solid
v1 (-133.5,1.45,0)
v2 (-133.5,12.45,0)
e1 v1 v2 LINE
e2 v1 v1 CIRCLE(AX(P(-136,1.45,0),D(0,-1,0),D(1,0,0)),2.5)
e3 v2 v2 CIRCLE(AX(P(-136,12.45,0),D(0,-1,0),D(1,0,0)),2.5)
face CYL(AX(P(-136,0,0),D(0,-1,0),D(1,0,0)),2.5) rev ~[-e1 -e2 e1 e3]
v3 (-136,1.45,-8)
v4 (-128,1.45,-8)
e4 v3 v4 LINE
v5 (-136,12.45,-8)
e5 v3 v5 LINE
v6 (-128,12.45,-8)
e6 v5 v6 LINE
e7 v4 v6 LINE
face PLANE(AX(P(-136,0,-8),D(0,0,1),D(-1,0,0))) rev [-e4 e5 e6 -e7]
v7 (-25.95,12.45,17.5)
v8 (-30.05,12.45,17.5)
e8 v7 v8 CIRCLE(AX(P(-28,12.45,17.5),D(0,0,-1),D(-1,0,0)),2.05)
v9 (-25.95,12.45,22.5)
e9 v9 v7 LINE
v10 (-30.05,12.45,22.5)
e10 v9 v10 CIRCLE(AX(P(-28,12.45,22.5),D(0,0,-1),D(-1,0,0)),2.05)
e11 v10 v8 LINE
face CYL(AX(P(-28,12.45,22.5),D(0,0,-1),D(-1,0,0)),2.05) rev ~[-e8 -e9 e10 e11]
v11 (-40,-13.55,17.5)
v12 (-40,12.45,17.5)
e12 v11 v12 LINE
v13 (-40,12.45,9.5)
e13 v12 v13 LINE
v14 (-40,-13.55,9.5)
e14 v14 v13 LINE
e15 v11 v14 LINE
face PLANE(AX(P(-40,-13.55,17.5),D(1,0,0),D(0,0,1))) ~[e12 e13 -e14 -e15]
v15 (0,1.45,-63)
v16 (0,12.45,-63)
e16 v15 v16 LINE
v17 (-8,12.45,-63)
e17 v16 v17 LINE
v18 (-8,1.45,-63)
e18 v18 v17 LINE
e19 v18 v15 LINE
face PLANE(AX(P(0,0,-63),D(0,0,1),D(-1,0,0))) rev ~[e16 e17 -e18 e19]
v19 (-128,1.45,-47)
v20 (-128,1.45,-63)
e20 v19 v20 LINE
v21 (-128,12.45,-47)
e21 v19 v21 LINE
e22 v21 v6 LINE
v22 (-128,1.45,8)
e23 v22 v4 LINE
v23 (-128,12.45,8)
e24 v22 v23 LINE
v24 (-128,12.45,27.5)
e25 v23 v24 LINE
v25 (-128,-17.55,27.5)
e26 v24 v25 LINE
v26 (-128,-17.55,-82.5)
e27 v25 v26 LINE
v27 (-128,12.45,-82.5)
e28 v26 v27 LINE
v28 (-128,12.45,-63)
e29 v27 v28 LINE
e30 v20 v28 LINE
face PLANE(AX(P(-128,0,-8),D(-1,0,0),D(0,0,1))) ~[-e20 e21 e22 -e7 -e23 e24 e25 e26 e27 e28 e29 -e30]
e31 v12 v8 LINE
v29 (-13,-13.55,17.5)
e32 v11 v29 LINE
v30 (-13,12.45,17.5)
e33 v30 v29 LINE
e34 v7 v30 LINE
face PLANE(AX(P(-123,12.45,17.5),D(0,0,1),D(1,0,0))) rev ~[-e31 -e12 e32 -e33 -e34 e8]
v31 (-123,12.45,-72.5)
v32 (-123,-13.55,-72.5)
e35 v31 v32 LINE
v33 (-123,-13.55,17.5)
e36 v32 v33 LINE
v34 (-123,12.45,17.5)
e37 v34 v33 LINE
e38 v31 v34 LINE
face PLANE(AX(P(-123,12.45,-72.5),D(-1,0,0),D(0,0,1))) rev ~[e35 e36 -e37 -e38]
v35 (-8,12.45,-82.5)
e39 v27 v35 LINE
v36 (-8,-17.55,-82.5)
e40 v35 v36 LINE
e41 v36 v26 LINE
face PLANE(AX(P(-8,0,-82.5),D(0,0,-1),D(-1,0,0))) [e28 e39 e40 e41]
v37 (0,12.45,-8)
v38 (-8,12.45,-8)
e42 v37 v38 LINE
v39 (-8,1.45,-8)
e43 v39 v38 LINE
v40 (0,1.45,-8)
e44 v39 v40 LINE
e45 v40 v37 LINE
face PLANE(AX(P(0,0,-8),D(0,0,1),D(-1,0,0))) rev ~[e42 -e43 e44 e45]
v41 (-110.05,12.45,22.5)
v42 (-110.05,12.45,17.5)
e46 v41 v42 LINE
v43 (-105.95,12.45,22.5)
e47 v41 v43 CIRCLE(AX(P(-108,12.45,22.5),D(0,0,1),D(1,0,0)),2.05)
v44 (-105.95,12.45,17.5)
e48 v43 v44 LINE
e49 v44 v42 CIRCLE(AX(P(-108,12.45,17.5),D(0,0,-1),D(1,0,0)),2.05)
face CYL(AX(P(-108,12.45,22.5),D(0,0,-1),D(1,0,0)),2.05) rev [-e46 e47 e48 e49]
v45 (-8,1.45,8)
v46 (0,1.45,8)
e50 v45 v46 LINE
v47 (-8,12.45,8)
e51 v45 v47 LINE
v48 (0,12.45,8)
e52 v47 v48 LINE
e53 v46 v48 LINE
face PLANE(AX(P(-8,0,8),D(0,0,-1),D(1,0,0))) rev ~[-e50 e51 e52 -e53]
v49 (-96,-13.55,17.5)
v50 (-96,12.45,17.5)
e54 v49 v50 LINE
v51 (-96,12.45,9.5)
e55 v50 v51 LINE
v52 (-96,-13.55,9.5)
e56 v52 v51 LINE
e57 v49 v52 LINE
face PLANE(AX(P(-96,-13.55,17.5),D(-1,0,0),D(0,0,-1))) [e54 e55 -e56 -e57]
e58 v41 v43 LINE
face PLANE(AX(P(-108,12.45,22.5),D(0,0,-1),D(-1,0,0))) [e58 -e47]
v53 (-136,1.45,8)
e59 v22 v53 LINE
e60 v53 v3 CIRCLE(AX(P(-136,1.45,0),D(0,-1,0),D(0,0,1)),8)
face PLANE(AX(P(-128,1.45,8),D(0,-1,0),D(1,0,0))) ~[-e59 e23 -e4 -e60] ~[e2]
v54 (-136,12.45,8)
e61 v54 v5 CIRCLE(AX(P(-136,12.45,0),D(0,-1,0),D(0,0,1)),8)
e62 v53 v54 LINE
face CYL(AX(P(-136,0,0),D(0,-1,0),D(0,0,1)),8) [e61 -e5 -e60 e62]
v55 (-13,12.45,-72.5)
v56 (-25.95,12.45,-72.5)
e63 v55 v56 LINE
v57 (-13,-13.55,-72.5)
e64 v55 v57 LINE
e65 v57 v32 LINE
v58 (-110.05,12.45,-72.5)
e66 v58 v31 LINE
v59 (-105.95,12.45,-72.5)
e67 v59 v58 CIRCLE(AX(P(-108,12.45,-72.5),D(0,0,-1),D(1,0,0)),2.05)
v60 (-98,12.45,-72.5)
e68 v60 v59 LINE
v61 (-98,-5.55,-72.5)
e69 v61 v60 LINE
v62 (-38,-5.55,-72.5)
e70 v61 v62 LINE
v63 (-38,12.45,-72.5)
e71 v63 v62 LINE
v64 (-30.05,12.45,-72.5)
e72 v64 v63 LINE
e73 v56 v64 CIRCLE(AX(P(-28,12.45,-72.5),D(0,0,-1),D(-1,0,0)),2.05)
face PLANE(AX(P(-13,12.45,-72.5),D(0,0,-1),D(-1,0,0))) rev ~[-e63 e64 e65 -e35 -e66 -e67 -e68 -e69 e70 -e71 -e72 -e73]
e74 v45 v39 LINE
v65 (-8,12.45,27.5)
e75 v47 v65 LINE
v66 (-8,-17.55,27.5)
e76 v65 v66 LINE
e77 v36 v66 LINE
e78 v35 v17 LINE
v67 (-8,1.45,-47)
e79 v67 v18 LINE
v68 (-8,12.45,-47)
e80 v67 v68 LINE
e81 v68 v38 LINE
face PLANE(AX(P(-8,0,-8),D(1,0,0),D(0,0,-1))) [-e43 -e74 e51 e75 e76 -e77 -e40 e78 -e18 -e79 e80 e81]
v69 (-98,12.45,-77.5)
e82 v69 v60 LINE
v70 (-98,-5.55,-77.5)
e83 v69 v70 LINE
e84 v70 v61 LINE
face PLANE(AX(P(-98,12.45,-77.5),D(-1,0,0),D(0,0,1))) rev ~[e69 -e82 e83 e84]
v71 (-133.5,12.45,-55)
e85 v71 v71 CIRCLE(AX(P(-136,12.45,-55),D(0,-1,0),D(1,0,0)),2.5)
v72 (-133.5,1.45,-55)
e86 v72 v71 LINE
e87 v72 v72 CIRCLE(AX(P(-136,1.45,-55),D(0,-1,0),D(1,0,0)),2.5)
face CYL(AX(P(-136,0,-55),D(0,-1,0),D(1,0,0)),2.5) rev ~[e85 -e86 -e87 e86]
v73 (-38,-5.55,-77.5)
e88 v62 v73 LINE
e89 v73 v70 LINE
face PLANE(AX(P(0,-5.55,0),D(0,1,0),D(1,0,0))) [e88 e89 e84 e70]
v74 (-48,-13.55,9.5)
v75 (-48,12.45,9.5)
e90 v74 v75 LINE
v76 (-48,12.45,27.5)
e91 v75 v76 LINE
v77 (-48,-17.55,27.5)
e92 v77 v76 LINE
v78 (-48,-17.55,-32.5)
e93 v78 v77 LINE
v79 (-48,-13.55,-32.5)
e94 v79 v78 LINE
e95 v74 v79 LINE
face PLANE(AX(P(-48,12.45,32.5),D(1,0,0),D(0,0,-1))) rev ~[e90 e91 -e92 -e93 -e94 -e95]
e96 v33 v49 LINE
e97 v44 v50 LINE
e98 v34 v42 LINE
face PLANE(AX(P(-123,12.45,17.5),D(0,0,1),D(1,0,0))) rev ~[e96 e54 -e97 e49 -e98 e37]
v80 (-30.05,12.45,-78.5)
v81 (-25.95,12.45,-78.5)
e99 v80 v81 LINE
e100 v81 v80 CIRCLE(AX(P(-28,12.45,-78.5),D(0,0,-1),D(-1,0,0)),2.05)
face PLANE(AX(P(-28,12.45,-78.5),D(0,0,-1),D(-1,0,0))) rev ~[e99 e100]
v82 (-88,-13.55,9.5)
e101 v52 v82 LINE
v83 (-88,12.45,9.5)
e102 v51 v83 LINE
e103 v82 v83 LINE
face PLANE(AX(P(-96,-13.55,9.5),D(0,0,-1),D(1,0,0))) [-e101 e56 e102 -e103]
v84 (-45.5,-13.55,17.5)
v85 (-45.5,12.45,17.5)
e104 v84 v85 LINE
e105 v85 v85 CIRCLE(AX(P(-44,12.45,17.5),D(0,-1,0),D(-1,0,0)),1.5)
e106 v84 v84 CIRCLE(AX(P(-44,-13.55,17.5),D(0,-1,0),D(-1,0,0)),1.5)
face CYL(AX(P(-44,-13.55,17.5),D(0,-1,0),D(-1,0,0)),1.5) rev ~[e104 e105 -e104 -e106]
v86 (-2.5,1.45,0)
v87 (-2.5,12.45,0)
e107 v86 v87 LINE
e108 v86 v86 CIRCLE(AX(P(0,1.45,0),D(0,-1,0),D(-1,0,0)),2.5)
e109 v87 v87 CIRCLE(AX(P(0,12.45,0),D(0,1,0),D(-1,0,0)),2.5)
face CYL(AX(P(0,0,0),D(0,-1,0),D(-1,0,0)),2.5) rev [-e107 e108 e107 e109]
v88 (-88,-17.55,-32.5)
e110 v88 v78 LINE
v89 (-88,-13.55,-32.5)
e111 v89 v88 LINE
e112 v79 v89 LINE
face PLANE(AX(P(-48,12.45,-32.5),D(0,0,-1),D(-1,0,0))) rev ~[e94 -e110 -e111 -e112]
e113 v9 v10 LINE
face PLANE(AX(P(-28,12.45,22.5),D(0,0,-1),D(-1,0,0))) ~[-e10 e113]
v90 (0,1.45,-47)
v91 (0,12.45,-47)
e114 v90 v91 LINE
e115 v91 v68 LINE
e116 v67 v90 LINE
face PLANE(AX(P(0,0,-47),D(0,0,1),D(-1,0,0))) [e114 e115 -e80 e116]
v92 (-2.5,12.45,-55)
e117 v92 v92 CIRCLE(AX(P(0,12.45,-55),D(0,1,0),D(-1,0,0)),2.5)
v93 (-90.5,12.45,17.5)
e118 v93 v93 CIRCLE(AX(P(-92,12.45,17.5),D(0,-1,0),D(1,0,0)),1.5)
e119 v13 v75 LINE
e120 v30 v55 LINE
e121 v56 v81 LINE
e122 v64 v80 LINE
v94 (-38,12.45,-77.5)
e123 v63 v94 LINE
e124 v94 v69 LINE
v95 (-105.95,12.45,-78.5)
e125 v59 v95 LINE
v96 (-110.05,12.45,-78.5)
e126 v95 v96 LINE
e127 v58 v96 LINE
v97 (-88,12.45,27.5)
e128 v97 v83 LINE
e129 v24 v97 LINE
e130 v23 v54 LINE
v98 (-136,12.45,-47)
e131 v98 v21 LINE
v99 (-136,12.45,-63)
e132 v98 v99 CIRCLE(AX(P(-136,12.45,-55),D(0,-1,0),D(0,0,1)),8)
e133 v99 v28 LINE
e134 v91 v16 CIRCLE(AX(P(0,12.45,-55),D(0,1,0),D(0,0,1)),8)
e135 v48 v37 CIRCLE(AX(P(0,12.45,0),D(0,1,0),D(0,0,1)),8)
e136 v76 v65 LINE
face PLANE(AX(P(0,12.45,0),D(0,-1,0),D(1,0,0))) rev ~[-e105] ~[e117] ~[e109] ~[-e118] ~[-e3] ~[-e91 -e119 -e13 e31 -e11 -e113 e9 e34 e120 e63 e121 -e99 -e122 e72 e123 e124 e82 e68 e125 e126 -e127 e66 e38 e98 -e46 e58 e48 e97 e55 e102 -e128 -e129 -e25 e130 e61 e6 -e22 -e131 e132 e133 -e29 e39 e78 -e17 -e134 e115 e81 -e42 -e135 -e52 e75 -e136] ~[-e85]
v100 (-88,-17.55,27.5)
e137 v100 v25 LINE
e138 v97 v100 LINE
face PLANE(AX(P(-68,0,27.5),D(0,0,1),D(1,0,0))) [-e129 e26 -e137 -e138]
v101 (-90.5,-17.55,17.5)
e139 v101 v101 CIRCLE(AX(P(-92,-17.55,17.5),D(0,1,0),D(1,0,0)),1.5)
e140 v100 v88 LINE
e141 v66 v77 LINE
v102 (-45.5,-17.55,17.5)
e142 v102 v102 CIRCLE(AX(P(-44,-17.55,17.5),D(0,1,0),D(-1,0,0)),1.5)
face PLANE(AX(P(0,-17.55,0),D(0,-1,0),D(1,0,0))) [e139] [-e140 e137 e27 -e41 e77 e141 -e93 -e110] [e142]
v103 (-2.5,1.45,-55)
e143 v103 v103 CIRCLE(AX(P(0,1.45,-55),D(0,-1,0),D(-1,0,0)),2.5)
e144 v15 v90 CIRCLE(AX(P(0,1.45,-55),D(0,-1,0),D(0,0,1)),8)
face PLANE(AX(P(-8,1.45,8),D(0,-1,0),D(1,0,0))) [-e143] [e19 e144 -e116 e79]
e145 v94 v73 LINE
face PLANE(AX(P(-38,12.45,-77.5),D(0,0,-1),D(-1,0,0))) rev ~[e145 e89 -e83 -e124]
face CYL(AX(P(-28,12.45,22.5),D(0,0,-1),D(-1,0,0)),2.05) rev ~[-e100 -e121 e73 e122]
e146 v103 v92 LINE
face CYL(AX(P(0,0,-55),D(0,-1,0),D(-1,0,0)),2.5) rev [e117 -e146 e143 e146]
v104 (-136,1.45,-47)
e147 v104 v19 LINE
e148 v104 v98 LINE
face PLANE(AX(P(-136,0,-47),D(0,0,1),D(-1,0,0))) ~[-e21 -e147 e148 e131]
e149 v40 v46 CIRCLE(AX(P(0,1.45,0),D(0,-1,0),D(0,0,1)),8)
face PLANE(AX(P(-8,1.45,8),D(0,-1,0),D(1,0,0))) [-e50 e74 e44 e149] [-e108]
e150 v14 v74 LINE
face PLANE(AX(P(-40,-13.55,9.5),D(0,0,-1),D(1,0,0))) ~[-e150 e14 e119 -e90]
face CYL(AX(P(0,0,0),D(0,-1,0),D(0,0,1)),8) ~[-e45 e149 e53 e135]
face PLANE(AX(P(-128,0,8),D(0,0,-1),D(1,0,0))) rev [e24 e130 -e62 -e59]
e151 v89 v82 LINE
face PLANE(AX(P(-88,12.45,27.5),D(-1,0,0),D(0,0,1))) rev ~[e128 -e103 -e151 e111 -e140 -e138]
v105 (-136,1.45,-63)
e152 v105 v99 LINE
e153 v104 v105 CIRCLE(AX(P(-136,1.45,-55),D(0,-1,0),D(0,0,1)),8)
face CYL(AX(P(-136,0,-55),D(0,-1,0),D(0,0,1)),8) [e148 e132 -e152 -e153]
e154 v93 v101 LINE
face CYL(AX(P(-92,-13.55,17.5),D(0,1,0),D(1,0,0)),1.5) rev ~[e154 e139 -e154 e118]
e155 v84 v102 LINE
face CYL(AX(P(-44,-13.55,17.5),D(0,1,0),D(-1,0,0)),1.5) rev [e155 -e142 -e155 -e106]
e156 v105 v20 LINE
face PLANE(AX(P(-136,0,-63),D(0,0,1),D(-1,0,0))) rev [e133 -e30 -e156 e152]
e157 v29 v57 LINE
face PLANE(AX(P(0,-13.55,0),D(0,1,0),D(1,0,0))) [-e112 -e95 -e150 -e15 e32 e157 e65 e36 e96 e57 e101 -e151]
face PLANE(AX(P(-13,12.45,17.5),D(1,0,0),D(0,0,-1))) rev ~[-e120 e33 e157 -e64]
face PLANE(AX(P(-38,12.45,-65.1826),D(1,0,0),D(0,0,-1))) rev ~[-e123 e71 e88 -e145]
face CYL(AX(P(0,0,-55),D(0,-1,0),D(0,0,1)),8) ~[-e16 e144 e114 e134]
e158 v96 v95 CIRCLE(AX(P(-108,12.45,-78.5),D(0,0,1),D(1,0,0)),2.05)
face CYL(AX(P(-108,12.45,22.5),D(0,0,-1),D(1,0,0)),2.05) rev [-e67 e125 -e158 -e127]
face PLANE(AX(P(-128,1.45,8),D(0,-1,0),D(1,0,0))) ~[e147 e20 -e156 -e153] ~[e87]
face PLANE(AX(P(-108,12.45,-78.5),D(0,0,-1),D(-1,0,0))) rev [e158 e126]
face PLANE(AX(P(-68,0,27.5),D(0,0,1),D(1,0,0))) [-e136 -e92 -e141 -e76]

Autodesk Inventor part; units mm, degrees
ref_plane "YZ Plane" through (0, 0, 0) normal (1, 0, 0) x (0, 1, 0)
ref_plane "XZ Plane" through (0, 0, 0) normal (0, 1, 0) x (-1, 0, 0)
ref_plane "XY Plane" through (0, 0, 0) normal (0, 0, 1) x (1, 0, 0)
sketch "Sketch1" plane through (0, 0, 0) normal (0, 1, 0) x (-1, 0, 0)
  circle A0 centre (0, 0) radius 2.5
  circle A1 centre (0, -55) radius 2.5
  arc A2 (0, 8) -> (0, -8) centre (0, 0) ccw
  arc A3 (0, -47) -> (0, -63) centre (0, -55) ccw
  line L0 (0, -63) -> (8, -63)
  line L1 (8, -63) -> (8, -47)
  line L2 (0, -47) -> (8, -47)
  line L3 (0, -8) -> (8, -8)
  line L4 (8, -8) -> (8, 8)
  line L5 (8, 8) -> (0, 8)
  line L6 (0, 2.5) -> (0, -2.5)
  line L7 (0, 0) -> (0, -2.5) construction
  line L8 (0, -8) -> (0, -49.9553) construction
  dimension "d0" = 5
  dimension "d1" = 5
  dimension "d2" = 55
  dimension "d3" = 16
  dimension "d4" = 16
extrude "Extrusion1" add sketch "Sketch1" along normal blind 12.45
sketch "Sketch3" plane through (0, 0, 0) normal (0, -1, 0) x (1, 0, 0)
  circle A0 centre (0, -55) radius 2.5 construction
  arc A1 (0, -63) -> (0, -47) centre (0, -55) ccw construction
  line L0 (0, -47) -> (-8, -47) construction
  line L1 (-8, -47) -> (-8, -63) construction
  line L2 (-8, -63) -> (0, -63) construction
  circle A2 centre (0, 0) radius 2.5 construction
  arc A3 (0, -8) -> (0, 8) centre (0, 0) ccw construction
  line L3 (0, 8) -> (-8, 8) construction
  line L4 (-8, 8) -> (-8, -8) construction
  line L5 (-8, -8) -> (0, -8) construction
  line L6 (-8, -82.5) -> (-68, -82.5)
  line L7 (-68, -82.5) -> (-68, 27.5)
  line L8 (-68, 27.5) -> (-8, 27.5)
  line L9 (-8, 27.5) -> (-8, -82.5)
  line L10 (-68, -27.5) -> (7.195, -27.5) construction
  circle A4 centre (0, 0) radius 2.5 construction
  circle A5 centre (0, -55) radius 2.5 construction
  line L11 (-8, -8) -> (-8, 8) projected
  dimension "d15" = 27.5
  dimension "d16" = 110
  dimension "d22" = 60
extrude "Extrusion3" add sketch "Sketch3" along normal blind 17.55 and the other way blind 12.45
sketch "Sketch4" plane through (0, 12.45, 0) normal (0, 1, 0) x (1, 0, 0)
  line L0 (-8, 8) -> (-8, 47) construction
  line L1 (-8, 82.5) -> (-68, 82.5) construction
  line L2 (-68, 82.5) -> (-68, -27.5) construction
  line L3 (-68, -27.5) -> (-8, -27.5) construction
  line L4 (-28, -37.155) -> (-28, 112.7267) construction
  line L5 (-28, -22.5) -> (-30.05, -22.5)
  line L6 (-30.05, -22.5) -> (-30.05, 78.5)
  line L7 (-30.05, 78.5) -> (-28, 78.5)
  line L8 (-28, 78.5) -> (-28, -22.5)
  arc A0 (0, -8) -> (0, 8) centre (0, 0) ccw projected
  line L9 (0, 8) -> (-8, 8) projected
  line L10 (-8, 47) -> (0, 47) projected
  arc A1 (0, 47) -> (0, 63) centre (0, 55) ccw projected
  line L11 (0, 63) -> (-8, 63) projected
  line L12 (-8, 63) -> (-8, 82.5) projected
  line L13 (-8, -27.5) -> (-8, -8) projected
  line L14 (-8, -8) -> (0, -8) projected
  dimension "d17" = 20
  dimension "d18" = 2.05
  dimension "d19" = 101
  dimension "d20" = 5
revolve "guide_rail_mount" cut sketch "Sketch4" angle 360 about axis through (-28, 12.45, 37.155) along (0, 0, -1)
mirror "Mirror1" about plane through (-68, 0, 27.5) normal (-1, 0, 0)
sketch "Sketch5" plane through (0, 12.45, 0) normal (0, 1, 0) x (1, 0, 0)
  line L0 (-128, 8) -> (-128, 47) construction
  line L1 (-128, 27.5) -> (-8, 27.5) construction
  line L2 (-8, 82.5) -> (-8, -27.5) construction
  line L3 (-8, -27.5) -> (-128, -27.5) construction
  line L4 (-68, -27.5) -> (-68, 82.5) construction
  line L5 (-123, -17.5) -> (-13, -17.5)
  line L6 (-13, -17.5) -> (-13, 72.5)
  line L7 (-13, 72.5) -> (-123, 72.5)
  line L8 (-123, 72.5) -> (-123, -17.5)
  point P0 (0, 0)
  dimension "d23" = 10
  dimension "d26" = 5
extrude "Extrusion4" cut sketch "Sketch5" against normal blind 26
sketch "Sketch6" plane through (0, 12.45, 0) normal (0, 1, 0) x (1, 0, 0)
  line L0 (-68, -27.5) -> (-68, 79.7854) construction
  line L1 (-88, -32.5) -> (-48, -32.5)
  line L2 (-48, -32.5) -> (-48, 32.5)
  line L3 (-48, 32.5) -> (-88, 32.5)
  line L4 (-88, 32.5) -> (-88, -32.5)
  line L5 (-8, -27.5) -> (-128, -27.5) projected
  line L6 (-105.95, 72.5) -> (-30.05, 72.5) projected
  line L7 (-68, 72.5) -> (-68, 96.7026) construction
  point P0 (0, 0)
  dimension "d27" = 5
  dimension "d28" = 60
  dimension "d29" = 40
extrude "Extrusion5" cut sketch "Sketch6" against normal through all
sketch "Sketch7" plane through (0, -13.55, 0) normal (0, 1, 0) x (1, 0, 0)
  line L0 (-88, -17.5) -> (-88, 32.5) projected
  line L1 (-88, -17.5) -> (-96, -17.5)
  line L2 (-96, -17.5) -> (-96, -9.5)
  line L3 (-96, -9.5) -> (-88, -9.5)
  line L4 (-88, -9.5) -> (-88, -17.5)
  line L5 (-88, -17.5) -> (-105.95, -17.5) projected
  circle A0 centre (-92, -17.5) radius 1.5
  point P0 (0, 0)
  dimension "d32" = 8
  dimension "d33" = 8
  dimension "d36" = 3
extrude "Extrusion6" add sketch "Sketch7" along normal blind 26 contours L1 A0 L2 L3 L0 | L1 A0 picked at (-91.8227, -17.0325)
ref_plane "Work Plane1" through (-68, -17.55, -82.5) normal (-1, 0, 0) x (0, 0, 1)
extrude "Extrusion7" cut sketch "Sketch7" along normal through all both and the other way through all contours A0 L1 | L1 A0
mirror "Mirror2" about plane through (-68, -17.55, -82.5) normal (-1, 0, 0) of "Extrusion6", "Extrusion7"
sketch "Sketch8" plane through (0, 12.45, 0) normal (0, 1, 0) x (1, 0, 0)
  line L0 (-98, 65.1826) -> (-38, 65.1826)
  line L1 (-38, 65.1826) -> (-38, 77.5)
  line L2 (-38, 77.5) -> (-98, 77.5)
  line L3 (-98, 77.5) -> (-98, 65.1826)
  line L4 (-68, -49.5) -> (-68, 104.5) construction
  line L5 (-105.95, 72.5) -> (-30.05, 72.5) construction
  point P0 (0, 0)
  dimension "d39" = 60
  dimension "d40" = 5
extrude "Extrusion8" cut sketch "Sketch8" against normal blind 18
sketch "Sketch9" plane through (0, 0, 8) normal (0, 0, 1) x (1, 0, 0)
  line L0 (0, 0) -> (-8, 0) construction
  line L1 (0, 0) -> (0, 12.45) construction
  line L2 (-8, 12.45) -> (0, 12.45) construction
  line L3 (-8, 0) -> (-8, 12.45) construction
  line L4 (-8, 0) -> (-8, 12.45) projected
  line L5 (-8, 1.45) -> (23.9687, 1.45)
  line L6 (23.9687, 1.45) -> (23.9687, -24.0835)
  line L7 (23.9687, -24.0835) -> (-8, -24.0835)
  line L8 (-8, -24.0835) -> (-8, 1.45)
  point P0 (0, 0)
  dimension "d43" = 11
extrude "limit-side-to-11mm" cut sketch "Sketch9" against normal through all
mirror "Mirror3" about plane through (-68, -17.55, -82.5) normal (-1, 0, 0) of "limit-side-to-11mm"
equation "\"d15\" = 0.25 * d16"
properties part number "PRING_piston_holder_half"
